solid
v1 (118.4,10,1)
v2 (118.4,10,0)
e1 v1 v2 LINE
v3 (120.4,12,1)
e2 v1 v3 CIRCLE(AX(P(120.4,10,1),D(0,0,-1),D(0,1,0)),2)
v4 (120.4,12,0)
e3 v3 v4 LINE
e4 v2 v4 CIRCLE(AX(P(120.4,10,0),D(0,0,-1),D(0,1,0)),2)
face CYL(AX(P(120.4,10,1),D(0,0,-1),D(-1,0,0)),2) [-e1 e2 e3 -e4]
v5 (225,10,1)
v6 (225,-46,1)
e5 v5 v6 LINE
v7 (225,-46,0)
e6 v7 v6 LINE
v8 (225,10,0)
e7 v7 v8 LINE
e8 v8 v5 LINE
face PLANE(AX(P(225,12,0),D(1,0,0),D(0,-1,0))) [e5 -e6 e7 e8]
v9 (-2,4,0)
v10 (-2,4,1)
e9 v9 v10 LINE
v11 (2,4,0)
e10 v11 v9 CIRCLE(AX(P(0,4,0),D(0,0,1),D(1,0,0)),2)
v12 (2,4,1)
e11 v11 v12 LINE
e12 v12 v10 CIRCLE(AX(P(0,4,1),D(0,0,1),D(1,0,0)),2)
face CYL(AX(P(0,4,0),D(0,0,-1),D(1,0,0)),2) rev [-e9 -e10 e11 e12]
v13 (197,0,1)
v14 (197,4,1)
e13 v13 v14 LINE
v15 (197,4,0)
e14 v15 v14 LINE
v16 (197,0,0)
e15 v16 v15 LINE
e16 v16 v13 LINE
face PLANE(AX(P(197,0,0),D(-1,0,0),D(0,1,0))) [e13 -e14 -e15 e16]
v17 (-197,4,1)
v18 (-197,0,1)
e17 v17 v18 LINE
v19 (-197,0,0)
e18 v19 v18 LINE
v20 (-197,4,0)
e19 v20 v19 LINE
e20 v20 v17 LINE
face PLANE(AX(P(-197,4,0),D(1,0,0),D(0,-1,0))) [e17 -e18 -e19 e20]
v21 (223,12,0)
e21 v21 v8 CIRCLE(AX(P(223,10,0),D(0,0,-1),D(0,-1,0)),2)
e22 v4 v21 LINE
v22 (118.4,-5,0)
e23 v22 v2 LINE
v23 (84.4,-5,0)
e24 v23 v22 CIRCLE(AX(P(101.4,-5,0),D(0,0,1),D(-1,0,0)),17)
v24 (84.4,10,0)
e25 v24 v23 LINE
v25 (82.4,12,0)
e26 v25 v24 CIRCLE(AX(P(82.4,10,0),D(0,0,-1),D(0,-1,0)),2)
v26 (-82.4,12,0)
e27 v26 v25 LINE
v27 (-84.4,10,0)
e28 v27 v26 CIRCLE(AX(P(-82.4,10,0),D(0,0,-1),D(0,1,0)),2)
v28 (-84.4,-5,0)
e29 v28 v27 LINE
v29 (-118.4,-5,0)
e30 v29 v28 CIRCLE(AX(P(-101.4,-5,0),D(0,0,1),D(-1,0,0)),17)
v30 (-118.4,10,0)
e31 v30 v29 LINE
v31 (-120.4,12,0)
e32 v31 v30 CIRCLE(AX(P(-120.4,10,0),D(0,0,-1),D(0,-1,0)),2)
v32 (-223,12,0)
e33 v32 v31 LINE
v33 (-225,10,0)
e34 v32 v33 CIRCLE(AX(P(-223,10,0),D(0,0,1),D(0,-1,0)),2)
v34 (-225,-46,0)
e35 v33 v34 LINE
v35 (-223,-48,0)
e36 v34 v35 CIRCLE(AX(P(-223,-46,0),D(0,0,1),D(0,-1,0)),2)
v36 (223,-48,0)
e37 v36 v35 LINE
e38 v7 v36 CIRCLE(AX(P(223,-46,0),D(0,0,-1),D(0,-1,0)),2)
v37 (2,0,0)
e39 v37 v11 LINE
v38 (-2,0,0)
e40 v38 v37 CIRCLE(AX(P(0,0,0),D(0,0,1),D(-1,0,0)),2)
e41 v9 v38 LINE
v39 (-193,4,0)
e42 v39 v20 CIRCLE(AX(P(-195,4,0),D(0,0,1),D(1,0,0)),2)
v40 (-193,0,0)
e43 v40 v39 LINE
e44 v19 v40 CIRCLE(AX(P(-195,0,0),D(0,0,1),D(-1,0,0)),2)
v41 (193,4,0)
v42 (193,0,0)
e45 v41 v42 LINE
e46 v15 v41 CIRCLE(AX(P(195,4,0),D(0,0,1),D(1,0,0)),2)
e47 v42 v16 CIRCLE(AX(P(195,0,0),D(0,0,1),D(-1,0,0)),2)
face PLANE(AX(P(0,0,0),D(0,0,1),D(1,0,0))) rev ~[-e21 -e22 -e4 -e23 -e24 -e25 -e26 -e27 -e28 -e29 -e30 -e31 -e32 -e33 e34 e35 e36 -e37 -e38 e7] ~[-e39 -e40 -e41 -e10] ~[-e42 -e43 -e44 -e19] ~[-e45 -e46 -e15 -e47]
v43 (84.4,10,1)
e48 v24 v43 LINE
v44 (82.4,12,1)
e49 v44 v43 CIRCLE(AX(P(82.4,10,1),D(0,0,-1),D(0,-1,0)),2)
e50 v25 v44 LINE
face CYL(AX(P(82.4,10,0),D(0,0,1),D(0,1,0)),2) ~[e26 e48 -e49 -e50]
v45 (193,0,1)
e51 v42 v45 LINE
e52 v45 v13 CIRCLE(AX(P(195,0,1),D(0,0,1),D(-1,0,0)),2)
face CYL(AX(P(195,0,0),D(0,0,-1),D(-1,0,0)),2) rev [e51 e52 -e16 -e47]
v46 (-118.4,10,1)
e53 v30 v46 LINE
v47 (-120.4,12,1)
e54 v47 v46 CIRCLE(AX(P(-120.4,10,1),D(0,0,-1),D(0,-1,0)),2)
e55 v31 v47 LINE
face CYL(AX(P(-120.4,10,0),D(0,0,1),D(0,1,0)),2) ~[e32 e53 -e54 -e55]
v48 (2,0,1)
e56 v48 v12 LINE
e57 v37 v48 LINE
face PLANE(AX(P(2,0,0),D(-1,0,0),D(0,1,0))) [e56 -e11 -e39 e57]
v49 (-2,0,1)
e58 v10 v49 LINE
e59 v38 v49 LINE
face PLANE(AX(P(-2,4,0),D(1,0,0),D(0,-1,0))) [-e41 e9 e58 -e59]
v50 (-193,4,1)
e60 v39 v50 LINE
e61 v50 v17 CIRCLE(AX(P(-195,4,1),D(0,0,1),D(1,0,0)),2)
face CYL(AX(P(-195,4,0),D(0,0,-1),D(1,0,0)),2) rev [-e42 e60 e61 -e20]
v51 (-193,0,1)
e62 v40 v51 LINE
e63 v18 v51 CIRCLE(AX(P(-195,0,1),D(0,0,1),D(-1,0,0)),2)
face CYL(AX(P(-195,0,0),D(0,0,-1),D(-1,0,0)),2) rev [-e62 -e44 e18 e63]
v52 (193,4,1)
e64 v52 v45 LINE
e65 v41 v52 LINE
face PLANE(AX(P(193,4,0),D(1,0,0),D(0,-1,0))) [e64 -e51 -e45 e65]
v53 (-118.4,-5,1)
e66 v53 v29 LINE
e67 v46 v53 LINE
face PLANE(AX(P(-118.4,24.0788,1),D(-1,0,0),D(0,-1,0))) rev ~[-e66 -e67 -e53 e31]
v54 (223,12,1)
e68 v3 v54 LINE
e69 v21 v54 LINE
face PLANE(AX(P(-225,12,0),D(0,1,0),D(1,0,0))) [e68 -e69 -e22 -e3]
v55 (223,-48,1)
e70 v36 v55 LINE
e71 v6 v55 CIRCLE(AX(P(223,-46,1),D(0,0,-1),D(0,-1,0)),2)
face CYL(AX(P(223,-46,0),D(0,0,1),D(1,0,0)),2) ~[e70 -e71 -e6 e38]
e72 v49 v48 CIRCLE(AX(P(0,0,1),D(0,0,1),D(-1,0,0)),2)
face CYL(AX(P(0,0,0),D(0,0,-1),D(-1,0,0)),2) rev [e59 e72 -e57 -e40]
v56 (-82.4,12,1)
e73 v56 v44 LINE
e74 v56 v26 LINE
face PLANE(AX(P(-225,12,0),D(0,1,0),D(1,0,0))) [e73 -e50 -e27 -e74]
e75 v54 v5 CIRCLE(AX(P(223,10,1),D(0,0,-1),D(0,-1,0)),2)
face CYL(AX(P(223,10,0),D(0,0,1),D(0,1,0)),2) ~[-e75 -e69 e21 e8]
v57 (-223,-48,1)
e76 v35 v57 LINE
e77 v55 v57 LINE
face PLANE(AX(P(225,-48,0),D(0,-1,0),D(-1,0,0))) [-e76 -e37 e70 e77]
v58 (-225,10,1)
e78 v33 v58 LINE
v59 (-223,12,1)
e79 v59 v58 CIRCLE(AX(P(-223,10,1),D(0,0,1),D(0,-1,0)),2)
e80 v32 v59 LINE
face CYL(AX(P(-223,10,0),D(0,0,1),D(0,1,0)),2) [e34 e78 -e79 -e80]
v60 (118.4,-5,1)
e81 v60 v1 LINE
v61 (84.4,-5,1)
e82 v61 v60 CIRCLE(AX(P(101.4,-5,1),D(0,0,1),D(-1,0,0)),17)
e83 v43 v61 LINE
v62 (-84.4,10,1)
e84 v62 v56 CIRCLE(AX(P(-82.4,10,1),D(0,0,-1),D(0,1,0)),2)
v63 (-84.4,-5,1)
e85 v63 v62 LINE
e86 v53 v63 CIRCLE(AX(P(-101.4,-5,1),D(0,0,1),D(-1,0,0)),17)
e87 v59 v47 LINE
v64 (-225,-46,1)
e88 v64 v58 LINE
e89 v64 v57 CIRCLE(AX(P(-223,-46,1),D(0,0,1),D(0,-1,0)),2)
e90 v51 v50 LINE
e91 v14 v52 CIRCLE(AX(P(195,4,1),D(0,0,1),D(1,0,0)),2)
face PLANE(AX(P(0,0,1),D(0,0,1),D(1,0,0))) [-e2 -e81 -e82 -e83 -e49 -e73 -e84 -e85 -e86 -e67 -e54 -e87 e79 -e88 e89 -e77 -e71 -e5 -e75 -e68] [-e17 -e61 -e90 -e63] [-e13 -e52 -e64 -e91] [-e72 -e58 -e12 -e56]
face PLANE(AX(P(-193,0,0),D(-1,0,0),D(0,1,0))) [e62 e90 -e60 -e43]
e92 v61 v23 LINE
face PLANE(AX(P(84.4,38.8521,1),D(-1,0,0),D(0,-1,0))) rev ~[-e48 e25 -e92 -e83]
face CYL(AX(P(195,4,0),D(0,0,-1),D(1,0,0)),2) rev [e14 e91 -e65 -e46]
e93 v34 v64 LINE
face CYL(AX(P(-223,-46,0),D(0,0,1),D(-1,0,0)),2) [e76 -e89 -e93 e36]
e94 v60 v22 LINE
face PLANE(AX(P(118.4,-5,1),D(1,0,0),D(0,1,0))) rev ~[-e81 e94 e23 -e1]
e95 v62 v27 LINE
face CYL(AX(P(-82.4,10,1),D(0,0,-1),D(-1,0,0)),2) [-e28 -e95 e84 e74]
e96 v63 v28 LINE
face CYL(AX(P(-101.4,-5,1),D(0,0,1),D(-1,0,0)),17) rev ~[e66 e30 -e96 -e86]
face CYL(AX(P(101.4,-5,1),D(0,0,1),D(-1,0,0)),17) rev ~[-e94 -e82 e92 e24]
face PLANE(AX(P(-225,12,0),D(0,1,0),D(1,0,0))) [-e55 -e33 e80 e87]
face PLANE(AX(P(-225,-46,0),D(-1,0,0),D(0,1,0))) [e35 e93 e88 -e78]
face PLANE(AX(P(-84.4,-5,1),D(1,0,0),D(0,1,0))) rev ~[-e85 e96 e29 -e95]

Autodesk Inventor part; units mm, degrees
ref_plane "YZ Plane" through (0, 0, 0) normal (1, 0, 0) x (0, 1, 0)
ref_plane "XZ Plane" through (0, 0, 0) normal (0, 1, 0) x (-1, 0, 0)
ref_plane "XY Plane" through (0, 0, 0) normal (0, 0, 1) x (1, 0, 0)
sketch "Sketch1" plane through (0, 0, 0) normal (0, 0, 1) x (1, 0, 0)
  circle A0 centre (0, 4) radius 2 construction
  circle A1 centre (-195, 4) radius 2 construction
  circle A2 centre (195, 4) radius 2 construction
  arc A3 (213, -12) -> (215, -10) centre (213, -10) ccw construction
  line L0 (215, -10) -> (215, 10) construction
  arc A4 (215, 10) -> (213, 12) centre (213, 10) ccw construction
  line L1 (213, 12) -> (-213, 12) construction
  line L2 (94, -2.8) -> (94, -7.2) construction
  line L3 (94, -7.2) -> (87.6, -7.2) construction
  line L4 (87.6, -7.2) -> (87.6, -2.8) construction
  line L5 (87.6, -2.8) -> (94, -2.8) construction
  line L6 (-108.8, -2.8) -> (-108.8, -7.2) construction
  line L7 (-108.8, -7.2) -> (-115.2, -7.2) construction
  line L8 (-115.2, -7.2) -> (-115.2, -2.8) construction
  line L9 (-115.2, -2.8) -> (-108.8, -2.8) construction
  line L10 (115.2, -2.8) -> (115.2, -7.2) construction
  line L11 (115.2, -7.2) -> (108.8, -7.2) construction
  line L12 (108.8, -7.2) -> (108.8, -2.8) construction
  line L13 (108.8, -2.8) -> (115.2, -2.8) construction
  line L14 (-87.6, -2.8) -> (-87.6, -7.2) construction
  line L15 (-87.6, -7.2) -> (-94, -7.2) construction
  line L16 (-94, -7.2) -> (-94, -2.8) construction
  line L17 (-94, -2.8) -> (-87.6, -2.8) construction
  circle A5 centre (-101.4, -5) radius 1.6 construction
  circle A6 centre (101.4, -5) radius 1.6 construction
  line L18 (213.9083, -46) -> (-214.0917, -46) construction
  line L19 (-225, 12) -> (225, 12)
  line L20 (225, 12) -> (225, -46)
  line L21 (-225, -46) -> (-225, 12)
  line L22 (-225, -46) -> (225, -46)
  line L23 (197, -54.5741) -> (193, -54.5741)
  line L24 (2, -54.5741) -> (-2, -54.5741)
  line L25 (-195, -54.5741) -> (-197, -54.5741)
  line L26 (-108.8, -54.5741) -> (-115.2, -54.5741)
  line L27 (94, -54.5741) -> (87.6, -54.5741)
  line L28 (-225, -46) -> (225, -46)
  line L29 (225, -46) -> (225, -48)
  line L30 (225, -48) -> (-225, -48)
  line L31 (-225, -48) -> (-225, -46)
  line L32 (-195, 4) -> (-195, 0) construction
  line L33 (-197, 4) -> (-197, 0)
  line L34 (-193, 0) -> (-193, 4)
  arc A7 (-193, 4) -> (-197, 4) centre (-195, 4) ccw
  arc A8 (-197, 0) -> (-193, 0) centre (-195, 0) ccw
  line L35 (0, 4) -> (0, 0) construction
  line L36 (-2, 4) -> (-2, 0)
  line L37 (2, 0) -> (2, 4)
  arc A9 (2, 4) -> (-2, 4) centre (0, 4) ccw
  arc A10 (-2, 0) -> (2, 0) centre (0, 0) ccw
  line L38 (195, 4) -> (195, 0) construction
  line L39 (193, 4) -> (193, 0)
  line L40 (197, 0) -> (197, 4)
  arc A11 (197, 4) -> (193, 4) centre (195, 4) ccw
  arc A12 (193, 0) -> (197, 0) centre (195, 0) ccw
  circle A13 centre (0, 4) radius 2 construction
  circle A14 centre (-195, 4) radius 2 construction
  circle A15 centre (195, 4) radius 2 construction
  arc A16 (213, -12) -> (215, -10) centre (213, -10) ccw construction
  line L41 (215, -10) -> (215, 10) construction
  arc A17 (215, 10) -> (213, 12) centre (213, 10) ccw construction
  line L42 (213, 12) -> (-213, 12) construction
  arc A18 (-213, 12) -> (-215, 10) centre (-213, 10) ccw construction
  line L43 (-215, 10) -> (-215, -10) construction
  arc A19 (-215, -10) -> (-213, -12) centre (-213, -10) ccw construction
  line L44 (-213, -12) -> (213, -12) construction
  line L45 (94, -2.8) -> (94, -7.2) construction
  line L46 (94, -7.2) -> (87.6, -7.2) construction
  line L47 (87.6, -7.2) -> (87.6, -2.8) construction
  line L48 (87.6, -2.8) -> (94, -2.8) construction
  line L49 (-108.8, -2.8) -> (-108.8, -7.2) construction
  line L50 (-108.8, -7.2) -> (-115.2, -7.2) construction
  line L51 (-115.2, -7.2) -> (-115.2, -2.8) construction
  line L52 (-115.2, -2.8) -> (-108.8, -2.8) construction
  line L53 (115.2, -2.8) -> (115.2, -7.2) construction
  line L54 (115.2, -7.2) -> (108.8, -7.2) construction
  line L55 (108.8, -7.2) -> (108.8, -2.8) construction
  line L56 (108.8, -2.8) -> (115.2, -2.8) construction
  line L57 (-87.6, -2.8) -> (-87.6, -7.2) construction
  line L58 (-87.6, -7.2) -> (-94, -7.2) construction
  line L59 (-94, -7.2) -> (-94, -2.8) construction
  line L60 (-94, -2.8) -> (-87.6, -2.8) construction
  circle A20 centre (-101.4, -5) radius 1.6 construction
  circle A21 centre (101.4, -5) radius 1.6 construction
  point P0 (-213, -12)
  point P1 (-195, 2)
  point P2 (0, 2)
  point P3 (195, 2)
  dimension "d0" = 2
  dimension "d1" = 58
  dimension "d5" = 4
  dimension "d6" = 4
  dimension "d7" = 4
  dimension "d17" = 10
  dimension "d18" = 10
extrude "Extrusion2" add sketch "Sketch1" along normal blind 1
fillet "Fillet2" radius 2 4 edges at (-225, -48, 0.5) (-225, 12, 0.5) (225, 12, 0.5) (225, -48, 0.5)
sketch "Sketch2" plane through (0, 0, 1) normal (0, 0, 1) x (1, 0, 0)
  circle A0 centre (-101.4, -5) radius 1.6 projected
  circle A1 centre (101.4, -5) radius 1.6 projected
  line L0 (115, -3) -> (115, -7) projected
  line L1 (87.6, -7.2) -> (87.6, -2.8) projected
  line L2 (-87.8, -3) -> (-87.8, -7) projected
  line L3 (-115, -3) -> (-115, -7) projected
  line L4 (-101.4, 24.0788) -> (-101.4, -5) construction
  line L5 (-118.4, 24.0788) -> (-118.4, -5)
  line L6 (-84.4, -5) -> (-84.4, 24.0788)
  arc A2 (-84.4, 24.0788) -> (-118.4, 24.0788) centre (-101.4, 24.0788) ccw
  arc A3 (-118.4, -5) -> (-84.4, -5) centre (-101.4, -5) ccw
  line L7 (101.4, 38.8521) -> (101.4, -5) construction
  line L8 (84.4, 38.8521) -> (84.4, -5)
  line L9 (118.4, -5) -> (118.4, 38.8521)
  arc A4 (118.4, 38.8521) -> (84.4, 38.8521) centre (101.4, 38.8521) ccw
  arc A5 (84.4, -5) -> (118.4, -5) centre (101.4, -5) ccw
  point P0 (-101.4, 9.5394)
  point P1 (101.4, 16.926)
  dimension "d13" = 17
extrude "Extrusion3" cut sketch "Sketch2" against normal blind 1 contours A0 | A1 | A2 L6 A3 L5 | A4 L9 A5 L8
fillet "Fillet3" radius 2 4 edges at (-118.4, 12, 0.5) (-84.4, 12, 0.5) (84.4, 12, 0.5) (118.4, 12, 0.5)
properties part number "wiper 2"
